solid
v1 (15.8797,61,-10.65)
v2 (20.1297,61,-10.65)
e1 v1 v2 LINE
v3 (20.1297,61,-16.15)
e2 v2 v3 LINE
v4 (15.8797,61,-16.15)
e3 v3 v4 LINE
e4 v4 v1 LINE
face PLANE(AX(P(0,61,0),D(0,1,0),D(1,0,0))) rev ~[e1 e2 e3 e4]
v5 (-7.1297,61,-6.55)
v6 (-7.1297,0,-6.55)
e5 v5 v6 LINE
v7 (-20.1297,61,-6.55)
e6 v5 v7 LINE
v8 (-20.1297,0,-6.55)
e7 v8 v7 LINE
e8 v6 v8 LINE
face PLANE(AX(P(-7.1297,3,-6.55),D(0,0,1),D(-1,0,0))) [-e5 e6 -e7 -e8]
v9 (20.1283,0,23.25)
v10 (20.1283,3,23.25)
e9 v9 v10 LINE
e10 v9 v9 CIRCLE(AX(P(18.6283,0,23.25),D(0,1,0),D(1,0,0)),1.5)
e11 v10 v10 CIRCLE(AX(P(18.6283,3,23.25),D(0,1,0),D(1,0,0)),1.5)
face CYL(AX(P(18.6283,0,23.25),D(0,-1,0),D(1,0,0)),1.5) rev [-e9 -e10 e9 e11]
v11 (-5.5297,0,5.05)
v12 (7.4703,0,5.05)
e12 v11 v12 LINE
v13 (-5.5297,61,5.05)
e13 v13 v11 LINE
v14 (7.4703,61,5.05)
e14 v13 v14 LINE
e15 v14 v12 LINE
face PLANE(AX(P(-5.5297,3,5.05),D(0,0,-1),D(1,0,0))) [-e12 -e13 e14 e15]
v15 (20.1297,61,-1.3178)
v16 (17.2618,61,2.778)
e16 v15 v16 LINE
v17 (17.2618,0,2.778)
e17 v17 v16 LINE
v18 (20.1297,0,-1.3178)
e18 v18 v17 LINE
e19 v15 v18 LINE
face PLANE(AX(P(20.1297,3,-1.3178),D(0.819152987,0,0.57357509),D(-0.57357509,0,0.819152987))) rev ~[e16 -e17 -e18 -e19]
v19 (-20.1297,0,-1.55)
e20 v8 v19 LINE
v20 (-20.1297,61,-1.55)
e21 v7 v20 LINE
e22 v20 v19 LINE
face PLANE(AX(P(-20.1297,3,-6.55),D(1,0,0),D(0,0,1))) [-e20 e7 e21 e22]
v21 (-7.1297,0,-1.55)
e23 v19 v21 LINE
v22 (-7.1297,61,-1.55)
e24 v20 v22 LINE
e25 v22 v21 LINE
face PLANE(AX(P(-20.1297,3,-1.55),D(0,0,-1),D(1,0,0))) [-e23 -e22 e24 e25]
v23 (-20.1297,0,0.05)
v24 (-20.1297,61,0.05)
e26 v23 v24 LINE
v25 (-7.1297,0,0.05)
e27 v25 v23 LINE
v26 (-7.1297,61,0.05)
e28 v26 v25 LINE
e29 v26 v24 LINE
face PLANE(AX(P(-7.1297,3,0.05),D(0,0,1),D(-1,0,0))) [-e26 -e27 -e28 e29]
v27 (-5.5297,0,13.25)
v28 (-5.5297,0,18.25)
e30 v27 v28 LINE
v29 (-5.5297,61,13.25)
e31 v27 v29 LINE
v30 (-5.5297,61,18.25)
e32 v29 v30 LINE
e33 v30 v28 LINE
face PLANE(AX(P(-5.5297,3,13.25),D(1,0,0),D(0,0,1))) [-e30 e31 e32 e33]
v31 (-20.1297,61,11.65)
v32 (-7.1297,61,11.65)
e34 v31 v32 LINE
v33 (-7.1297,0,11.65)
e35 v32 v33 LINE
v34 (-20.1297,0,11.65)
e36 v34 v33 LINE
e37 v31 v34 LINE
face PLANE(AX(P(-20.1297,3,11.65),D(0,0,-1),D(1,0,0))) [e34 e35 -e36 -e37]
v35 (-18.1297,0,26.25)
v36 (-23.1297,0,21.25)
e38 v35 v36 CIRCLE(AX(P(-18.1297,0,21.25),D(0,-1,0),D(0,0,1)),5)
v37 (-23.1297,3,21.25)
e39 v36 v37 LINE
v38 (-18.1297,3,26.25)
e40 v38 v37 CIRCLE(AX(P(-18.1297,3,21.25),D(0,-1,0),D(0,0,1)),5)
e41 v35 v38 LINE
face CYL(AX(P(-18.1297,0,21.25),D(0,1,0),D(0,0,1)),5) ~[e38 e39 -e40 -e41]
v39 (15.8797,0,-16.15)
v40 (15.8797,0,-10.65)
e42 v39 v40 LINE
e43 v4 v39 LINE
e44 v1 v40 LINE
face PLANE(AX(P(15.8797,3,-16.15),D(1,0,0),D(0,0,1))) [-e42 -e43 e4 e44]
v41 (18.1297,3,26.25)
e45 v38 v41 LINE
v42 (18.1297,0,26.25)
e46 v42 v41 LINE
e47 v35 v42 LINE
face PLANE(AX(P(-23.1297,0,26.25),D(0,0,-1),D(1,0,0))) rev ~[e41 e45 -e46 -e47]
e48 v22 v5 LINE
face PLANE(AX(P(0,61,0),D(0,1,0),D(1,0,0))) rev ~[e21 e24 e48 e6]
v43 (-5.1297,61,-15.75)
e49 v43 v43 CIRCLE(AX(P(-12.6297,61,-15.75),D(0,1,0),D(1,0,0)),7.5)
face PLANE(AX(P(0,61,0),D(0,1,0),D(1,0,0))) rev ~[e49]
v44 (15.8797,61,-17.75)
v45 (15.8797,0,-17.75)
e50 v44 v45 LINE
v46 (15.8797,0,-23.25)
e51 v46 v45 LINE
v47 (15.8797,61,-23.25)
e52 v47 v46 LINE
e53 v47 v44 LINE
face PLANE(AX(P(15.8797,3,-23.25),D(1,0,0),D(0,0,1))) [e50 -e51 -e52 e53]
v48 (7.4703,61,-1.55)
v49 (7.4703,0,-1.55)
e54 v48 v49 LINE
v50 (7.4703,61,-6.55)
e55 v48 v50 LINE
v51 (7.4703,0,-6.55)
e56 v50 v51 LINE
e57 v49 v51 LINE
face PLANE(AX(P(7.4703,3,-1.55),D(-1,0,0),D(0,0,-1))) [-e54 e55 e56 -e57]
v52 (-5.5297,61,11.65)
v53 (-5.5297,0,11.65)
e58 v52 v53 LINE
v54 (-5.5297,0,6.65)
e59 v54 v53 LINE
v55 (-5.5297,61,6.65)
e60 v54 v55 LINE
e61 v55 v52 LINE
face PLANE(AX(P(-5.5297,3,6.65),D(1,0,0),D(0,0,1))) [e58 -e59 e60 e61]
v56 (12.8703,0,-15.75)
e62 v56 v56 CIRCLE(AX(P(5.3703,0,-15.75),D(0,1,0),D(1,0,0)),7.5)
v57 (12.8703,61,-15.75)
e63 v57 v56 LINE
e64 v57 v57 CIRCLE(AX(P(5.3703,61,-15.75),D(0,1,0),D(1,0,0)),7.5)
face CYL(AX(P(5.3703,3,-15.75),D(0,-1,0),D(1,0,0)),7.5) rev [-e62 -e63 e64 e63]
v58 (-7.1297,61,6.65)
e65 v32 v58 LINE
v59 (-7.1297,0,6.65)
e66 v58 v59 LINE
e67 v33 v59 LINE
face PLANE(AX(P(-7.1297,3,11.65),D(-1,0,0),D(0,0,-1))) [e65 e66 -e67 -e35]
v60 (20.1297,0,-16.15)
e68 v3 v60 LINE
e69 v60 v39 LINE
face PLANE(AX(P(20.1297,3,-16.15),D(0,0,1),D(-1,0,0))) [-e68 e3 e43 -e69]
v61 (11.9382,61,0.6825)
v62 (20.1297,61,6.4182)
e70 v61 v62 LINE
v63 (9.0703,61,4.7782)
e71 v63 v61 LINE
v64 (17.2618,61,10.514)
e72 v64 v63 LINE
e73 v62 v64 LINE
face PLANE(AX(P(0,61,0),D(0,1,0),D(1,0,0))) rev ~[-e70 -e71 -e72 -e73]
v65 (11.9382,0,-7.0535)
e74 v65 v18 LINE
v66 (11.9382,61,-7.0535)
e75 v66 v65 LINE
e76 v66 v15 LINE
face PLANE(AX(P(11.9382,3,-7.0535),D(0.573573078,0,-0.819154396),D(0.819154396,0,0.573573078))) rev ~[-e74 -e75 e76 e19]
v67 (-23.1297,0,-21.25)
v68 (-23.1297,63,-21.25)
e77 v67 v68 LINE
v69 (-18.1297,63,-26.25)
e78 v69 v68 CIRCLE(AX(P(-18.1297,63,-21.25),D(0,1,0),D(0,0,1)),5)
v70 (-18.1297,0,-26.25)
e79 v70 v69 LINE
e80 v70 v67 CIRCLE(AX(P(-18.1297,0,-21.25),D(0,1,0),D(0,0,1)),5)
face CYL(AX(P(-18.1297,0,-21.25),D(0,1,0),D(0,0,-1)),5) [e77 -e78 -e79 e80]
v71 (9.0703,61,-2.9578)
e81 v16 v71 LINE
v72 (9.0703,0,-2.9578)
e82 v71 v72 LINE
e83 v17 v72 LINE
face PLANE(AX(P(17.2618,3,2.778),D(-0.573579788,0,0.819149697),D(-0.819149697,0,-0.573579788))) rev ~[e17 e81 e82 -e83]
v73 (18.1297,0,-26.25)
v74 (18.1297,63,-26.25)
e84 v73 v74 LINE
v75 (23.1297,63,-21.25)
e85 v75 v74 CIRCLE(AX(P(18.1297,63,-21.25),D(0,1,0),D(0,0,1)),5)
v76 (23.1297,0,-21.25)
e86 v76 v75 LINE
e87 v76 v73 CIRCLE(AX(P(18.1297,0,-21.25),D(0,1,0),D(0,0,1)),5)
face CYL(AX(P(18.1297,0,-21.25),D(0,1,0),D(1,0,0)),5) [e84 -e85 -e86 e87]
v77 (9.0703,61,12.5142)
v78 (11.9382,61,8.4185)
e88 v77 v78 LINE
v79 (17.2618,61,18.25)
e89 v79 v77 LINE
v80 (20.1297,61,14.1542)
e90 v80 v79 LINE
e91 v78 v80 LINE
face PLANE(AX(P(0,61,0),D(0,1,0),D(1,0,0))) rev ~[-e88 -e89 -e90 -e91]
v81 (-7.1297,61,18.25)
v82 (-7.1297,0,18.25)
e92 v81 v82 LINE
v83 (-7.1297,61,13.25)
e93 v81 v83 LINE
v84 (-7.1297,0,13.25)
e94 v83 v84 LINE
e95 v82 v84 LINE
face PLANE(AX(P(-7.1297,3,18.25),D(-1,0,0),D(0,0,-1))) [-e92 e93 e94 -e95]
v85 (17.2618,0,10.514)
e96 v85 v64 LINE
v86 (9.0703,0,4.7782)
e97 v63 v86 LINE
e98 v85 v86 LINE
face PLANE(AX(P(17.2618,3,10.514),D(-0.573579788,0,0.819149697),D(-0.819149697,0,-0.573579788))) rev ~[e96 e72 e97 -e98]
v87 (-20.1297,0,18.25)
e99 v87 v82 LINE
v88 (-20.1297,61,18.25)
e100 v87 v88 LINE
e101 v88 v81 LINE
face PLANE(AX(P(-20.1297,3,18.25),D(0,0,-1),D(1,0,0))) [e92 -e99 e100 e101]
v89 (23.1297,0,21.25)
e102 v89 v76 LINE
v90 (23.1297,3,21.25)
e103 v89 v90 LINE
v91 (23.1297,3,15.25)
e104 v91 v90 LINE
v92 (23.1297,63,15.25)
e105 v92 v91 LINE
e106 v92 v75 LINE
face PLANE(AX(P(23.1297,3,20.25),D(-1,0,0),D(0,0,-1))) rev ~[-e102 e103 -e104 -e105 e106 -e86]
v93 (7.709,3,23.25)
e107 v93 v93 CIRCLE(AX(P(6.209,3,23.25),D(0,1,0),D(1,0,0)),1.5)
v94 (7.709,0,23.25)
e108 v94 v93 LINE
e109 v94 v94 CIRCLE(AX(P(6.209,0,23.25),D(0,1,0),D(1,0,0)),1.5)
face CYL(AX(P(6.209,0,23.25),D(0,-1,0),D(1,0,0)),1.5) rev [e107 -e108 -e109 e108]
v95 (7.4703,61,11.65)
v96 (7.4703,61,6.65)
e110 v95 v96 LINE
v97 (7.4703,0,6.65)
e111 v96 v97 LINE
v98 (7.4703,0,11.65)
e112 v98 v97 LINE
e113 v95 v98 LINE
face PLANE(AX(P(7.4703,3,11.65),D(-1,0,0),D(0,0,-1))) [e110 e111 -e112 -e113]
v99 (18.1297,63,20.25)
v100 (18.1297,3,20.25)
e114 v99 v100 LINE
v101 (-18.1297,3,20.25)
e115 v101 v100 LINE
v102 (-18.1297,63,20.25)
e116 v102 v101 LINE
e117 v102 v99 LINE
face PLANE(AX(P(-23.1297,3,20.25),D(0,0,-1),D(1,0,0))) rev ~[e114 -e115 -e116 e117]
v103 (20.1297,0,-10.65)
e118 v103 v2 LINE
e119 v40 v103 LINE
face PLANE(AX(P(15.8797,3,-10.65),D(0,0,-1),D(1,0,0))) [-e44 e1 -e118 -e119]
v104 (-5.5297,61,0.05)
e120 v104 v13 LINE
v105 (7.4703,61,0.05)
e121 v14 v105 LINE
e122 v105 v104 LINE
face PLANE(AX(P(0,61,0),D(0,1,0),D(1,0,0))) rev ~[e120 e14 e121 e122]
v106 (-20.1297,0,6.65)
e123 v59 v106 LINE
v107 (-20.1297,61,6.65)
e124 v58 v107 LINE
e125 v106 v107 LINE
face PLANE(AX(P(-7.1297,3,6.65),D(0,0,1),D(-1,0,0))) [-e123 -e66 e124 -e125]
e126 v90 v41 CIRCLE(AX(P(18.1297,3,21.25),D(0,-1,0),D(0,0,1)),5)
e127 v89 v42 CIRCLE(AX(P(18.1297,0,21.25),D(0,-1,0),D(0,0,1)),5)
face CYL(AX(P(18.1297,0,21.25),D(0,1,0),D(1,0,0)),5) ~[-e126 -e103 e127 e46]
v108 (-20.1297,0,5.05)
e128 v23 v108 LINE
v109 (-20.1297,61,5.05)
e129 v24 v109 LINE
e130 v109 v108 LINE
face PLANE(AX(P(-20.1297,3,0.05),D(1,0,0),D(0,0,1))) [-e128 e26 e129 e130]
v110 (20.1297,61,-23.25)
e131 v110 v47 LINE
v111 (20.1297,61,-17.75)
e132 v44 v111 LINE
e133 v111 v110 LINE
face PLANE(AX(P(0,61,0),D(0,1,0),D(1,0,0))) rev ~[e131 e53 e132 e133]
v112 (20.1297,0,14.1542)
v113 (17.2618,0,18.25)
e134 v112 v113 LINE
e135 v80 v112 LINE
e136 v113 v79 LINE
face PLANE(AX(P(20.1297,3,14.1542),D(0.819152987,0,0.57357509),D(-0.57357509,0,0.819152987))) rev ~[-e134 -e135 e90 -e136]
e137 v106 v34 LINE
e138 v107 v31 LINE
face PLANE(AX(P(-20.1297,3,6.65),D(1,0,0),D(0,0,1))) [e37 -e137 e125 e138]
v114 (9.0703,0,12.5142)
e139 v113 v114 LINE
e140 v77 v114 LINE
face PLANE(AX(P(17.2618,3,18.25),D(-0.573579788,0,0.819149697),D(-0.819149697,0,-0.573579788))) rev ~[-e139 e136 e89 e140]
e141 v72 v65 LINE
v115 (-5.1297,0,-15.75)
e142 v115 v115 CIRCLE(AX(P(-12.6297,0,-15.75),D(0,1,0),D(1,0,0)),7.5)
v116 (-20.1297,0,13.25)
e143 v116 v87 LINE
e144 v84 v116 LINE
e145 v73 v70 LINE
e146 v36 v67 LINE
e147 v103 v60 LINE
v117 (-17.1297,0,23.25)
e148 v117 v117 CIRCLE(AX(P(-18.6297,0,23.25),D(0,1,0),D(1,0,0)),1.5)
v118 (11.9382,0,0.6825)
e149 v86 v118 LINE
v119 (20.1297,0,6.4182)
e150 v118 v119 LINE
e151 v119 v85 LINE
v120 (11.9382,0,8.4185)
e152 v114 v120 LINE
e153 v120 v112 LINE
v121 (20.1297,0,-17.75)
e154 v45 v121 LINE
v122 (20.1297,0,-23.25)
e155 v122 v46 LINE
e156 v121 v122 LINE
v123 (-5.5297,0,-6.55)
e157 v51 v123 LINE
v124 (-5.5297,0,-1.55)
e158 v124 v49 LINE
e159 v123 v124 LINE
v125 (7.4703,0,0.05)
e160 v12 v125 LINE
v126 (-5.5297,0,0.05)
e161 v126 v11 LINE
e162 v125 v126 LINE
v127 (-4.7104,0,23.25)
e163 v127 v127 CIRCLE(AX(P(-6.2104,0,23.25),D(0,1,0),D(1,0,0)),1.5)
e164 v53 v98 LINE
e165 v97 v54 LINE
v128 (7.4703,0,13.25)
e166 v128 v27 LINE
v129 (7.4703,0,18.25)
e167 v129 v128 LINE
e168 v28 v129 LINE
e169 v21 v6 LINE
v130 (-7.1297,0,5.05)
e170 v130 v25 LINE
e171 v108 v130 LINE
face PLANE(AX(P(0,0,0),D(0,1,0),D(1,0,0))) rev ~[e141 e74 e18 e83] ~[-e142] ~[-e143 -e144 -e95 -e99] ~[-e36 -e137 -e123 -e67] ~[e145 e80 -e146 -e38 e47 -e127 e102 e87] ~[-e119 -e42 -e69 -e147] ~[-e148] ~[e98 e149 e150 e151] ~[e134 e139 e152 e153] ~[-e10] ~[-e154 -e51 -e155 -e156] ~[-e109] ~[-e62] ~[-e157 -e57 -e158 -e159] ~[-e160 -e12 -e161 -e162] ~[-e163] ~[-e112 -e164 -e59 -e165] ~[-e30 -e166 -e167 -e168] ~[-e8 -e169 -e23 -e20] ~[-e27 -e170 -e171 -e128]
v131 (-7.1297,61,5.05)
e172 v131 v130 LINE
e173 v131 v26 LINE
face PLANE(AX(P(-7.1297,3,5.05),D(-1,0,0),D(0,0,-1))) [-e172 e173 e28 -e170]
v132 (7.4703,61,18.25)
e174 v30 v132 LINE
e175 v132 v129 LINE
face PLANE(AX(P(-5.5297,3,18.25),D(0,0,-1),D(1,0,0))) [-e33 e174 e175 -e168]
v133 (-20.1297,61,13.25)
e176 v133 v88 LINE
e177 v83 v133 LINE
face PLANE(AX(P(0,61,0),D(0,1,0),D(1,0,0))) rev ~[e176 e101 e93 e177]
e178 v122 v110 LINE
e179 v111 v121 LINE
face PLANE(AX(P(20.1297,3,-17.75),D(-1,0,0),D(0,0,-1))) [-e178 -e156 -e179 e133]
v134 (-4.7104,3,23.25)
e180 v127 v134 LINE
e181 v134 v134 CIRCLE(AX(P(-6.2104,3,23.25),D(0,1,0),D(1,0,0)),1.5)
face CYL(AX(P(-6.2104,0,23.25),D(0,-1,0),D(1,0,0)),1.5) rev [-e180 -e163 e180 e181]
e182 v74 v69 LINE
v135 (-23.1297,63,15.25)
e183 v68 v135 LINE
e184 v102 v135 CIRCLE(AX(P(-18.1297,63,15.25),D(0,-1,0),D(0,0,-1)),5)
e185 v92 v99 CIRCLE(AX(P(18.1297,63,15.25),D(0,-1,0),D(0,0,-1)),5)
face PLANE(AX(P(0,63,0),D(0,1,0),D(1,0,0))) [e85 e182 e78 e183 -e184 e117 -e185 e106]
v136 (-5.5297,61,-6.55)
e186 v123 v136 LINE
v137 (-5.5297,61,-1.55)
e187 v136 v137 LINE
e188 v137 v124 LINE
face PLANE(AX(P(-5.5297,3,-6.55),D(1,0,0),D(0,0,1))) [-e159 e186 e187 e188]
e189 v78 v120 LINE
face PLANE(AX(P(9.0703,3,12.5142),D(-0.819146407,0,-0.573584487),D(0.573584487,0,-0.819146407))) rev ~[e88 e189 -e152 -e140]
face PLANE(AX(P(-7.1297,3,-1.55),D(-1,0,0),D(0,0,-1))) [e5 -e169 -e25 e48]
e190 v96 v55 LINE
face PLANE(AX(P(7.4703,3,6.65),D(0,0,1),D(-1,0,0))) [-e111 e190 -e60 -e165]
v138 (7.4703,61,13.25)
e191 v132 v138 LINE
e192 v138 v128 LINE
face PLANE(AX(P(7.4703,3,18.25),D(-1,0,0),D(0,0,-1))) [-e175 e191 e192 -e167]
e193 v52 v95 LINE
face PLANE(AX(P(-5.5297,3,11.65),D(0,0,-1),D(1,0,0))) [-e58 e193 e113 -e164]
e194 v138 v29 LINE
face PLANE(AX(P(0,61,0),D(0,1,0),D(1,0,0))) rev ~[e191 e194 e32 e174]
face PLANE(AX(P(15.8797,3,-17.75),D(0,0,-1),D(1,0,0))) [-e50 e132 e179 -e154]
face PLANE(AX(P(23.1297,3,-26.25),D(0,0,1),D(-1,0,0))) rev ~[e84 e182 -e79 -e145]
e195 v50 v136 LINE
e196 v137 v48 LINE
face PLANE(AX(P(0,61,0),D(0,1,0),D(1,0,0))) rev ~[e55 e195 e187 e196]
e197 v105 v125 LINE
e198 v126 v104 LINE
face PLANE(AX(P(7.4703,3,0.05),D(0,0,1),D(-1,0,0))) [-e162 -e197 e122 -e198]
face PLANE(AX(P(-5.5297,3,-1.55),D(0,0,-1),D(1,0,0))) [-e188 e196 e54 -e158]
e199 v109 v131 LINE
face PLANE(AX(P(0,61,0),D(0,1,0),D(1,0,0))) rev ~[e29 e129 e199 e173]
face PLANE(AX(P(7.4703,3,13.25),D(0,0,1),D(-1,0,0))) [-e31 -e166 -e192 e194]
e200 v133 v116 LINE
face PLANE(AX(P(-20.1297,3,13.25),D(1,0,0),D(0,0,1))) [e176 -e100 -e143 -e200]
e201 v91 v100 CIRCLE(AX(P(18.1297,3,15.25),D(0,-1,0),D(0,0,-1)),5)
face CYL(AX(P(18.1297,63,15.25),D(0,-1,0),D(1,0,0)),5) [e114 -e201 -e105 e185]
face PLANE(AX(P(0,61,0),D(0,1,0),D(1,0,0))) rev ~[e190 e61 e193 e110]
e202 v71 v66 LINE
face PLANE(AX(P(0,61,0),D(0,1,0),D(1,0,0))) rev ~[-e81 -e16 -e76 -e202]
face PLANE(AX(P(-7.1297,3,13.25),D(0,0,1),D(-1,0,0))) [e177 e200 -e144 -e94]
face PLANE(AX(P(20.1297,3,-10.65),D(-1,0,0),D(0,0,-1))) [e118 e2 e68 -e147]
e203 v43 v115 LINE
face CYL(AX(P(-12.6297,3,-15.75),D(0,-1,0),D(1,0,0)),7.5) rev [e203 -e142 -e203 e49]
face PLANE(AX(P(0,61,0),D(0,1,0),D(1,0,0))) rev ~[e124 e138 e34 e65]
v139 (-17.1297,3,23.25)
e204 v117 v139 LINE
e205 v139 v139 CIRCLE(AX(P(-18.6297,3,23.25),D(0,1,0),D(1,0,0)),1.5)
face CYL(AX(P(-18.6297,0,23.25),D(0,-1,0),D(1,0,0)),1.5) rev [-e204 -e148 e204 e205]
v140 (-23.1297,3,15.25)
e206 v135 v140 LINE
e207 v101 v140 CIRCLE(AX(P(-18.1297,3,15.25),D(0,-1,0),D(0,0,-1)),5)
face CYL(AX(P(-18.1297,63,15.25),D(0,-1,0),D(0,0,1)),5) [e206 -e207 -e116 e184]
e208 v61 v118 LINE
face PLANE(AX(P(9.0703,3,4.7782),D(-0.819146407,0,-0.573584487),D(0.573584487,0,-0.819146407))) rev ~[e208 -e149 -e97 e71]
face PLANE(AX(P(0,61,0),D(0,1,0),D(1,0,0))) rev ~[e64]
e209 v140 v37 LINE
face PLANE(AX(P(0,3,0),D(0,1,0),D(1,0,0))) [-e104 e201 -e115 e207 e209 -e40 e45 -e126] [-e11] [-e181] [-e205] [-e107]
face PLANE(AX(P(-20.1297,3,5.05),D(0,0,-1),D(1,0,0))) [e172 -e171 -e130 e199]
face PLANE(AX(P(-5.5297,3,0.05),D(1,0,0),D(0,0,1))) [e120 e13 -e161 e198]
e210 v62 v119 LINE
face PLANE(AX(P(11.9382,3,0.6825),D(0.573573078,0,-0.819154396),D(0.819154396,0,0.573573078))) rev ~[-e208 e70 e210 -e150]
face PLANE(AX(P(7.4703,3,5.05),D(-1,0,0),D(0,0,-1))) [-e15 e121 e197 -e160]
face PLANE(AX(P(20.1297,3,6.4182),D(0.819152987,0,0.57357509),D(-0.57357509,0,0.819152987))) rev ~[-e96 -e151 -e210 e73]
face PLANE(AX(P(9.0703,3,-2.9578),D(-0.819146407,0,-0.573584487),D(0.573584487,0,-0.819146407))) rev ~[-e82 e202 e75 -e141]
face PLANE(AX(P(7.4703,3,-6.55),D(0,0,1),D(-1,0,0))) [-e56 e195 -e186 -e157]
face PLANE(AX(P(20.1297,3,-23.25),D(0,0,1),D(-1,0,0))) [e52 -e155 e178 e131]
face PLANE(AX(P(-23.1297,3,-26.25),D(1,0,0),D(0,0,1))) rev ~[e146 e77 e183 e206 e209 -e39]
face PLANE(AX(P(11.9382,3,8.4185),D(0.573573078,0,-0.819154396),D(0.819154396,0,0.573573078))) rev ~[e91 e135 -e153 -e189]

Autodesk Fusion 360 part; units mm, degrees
sketch "Sketch1" plane through (0, 0, 0) normal (0, 1, 0) x (1, 0, 0)
  line L0 (23.1297, 26.25) -> (-23.1297, 26.25)
  line L1 (-23.1297, 26.25) -> (-23.1297, -26.25)
  line L2 (-23.1297, -26.25) -> (23.1297, -26.25)
  line L3 (23.1297, -26.25) -> (23.1297, 26.25)
  line L4 (23.1297, 26.25) -> (-23.1297, -26.25) construction
  line L5 (-23.1297, 26.25) -> (23.1297, -26.25) construction
  line L6 (-20.1297, -18.25) -> (-7.1297, -18.25)
  line L7 (-7.1297, -18.25) -> (-7.1297, -13.25)
  line L8 (-7.1297, -13.25) -> (-20.1297, -13.25)
  line L9 (-20.1297, -13.25) -> (-20.1297, -18.25)
  circle A0 centre (-12.6297, 15.75) radius 7.5
  line L10 (-5.5297, -13.25) -> (-5.5297, -18.25)
  line L11 (7.4703, -13.25) -> (-5.5297, -13.25)
  line L12 (7.4703, -18.25) -> (7.4703, -13.25)
  line L13 (-5.5297, -18.25) -> (7.4703, -18.25)
  line L14 (-20.1297, -6.65) -> (-20.1297, -11.65)
  line L15 (-7.1297, -6.65) -> (-20.1297, -6.65)
  line L16 (-7.1297, -11.65) -> (-7.1297, -6.65)
  line L17 (-20.1297, -11.65) -> (-7.1297, -11.65)
  line L18 (-5.5297, -6.65) -> (-5.5297, -11.65)
  line L19 (7.4703, -6.65) -> (-5.5297, -6.65)
  line L20 (7.4703, -11.65) -> (7.4703, -6.65)
  line L21 (-5.5297, -11.65) -> (7.4703, -11.65)
  line L22 (-20.1297, -0.05) -> (-20.1297, -5.05)
  line L23 (-7.1297, -0.05) -> (-20.1297, -0.05)
  line L24 (-7.1297, -5.05) -> (-7.1297, -0.05)
  line L25 (-20.1297, -5.05) -> (-7.1297, -5.05)
  line L26 (-5.5297, -0.05) -> (-5.5297, -5.05)
  line L27 (7.4703, -0.05) -> (-5.5297, -0.05)
  line L28 (7.4703, -5.05) -> (7.4703, -0.05)
  line L29 (-5.5297, -5.05) -> (7.4703, -5.05)
  line L30 (-20.1297, 6.55) -> (-20.1297, 1.55)
  line L31 (-7.1297, 6.55) -> (-20.1297, 6.55)
  line L32 (-7.1297, 1.55) -> (-7.1297, 6.55)
  line L33 (-20.1297, 1.55) -> (-7.1297, 1.55)
  line L34 (-5.5297, 6.55) -> (-5.5297, 1.55)
  line L35 (7.4703, 6.55) -> (-5.5297, 6.55)
  line L36 (7.4703, 1.55) -> (7.4703, 6.55)
  line L37 (-5.5297, 1.55) -> (7.4703, 1.55)
  line L38 (7.4703, -18.25) -> (23.1297, -18.25) construction
  line L39 (17.2618, -18.25) -> (9.0703, -12.5142)
  line L40 (9.0703, -12.5142) -> (11.9382, -8.4185)
  line L41 (11.9382, -8.4185) -> (20.1297, -14.1542)
  line L42 (20.1297, -14.1542) -> (17.2618, -18.25)
  line L43 (17.2618, -10.514) -> (9.0703, -4.7782)
  line L44 (9.0703, -4.7782) -> (11.9382, -0.6825)
  line L45 (11.9382, -0.6825) -> (20.1297, -6.4182)
  line L46 (20.1297, -6.4182) -> (17.2618, -10.514)
  line L47 (17.2618, -2.778) -> (9.0703, 2.9578)
  line L48 (9.0703, 2.9578) -> (11.9382, 7.0535)
  line L49 (11.9382, 7.0535) -> (20.1297, 1.3178)
  line L50 (20.1297, 1.3178) -> (17.2618, -2.778)
  circle A1 centre (5.3703, 15.75) radius 7.5
  line L51 (20.1297, 23.25) -> (15.8797, 23.25)
  line L52 (15.8797, 23.25) -> (15.8797, 17.75)
  line L53 (15.8797, 17.75) -> (20.1297, 17.75)
  line L54 (20.1297, 17.75) -> (20.1297, 23.25)
  line L55 (20.1297, 23.25) -> (15.8797, 17.75) construction
  line L56 (15.8797, 23.25) -> (20.1297, 17.75) construction
  line L57 (20.1297, 10.65) -> (20.1297, 16.15)
  line L58 (15.8797, 16.15) -> (15.8797, 10.65)
  line L59 (15.8797, 10.65) -> (20.1297, 10.65)
  line L60 (20.1297, 16.15) -> (15.8797, 16.15)
  circle A2 centre (-18.6297, -23.25) radius 1.5
  line L61 (-23.1297, -20.25) -> (23.1297, -20.25)
  circle A3 centre (-6.2104, -23.25) radius 1.5
  circle A4 centre (6.209, -23.25) radius 1.5
  circle A5 centre (18.6283, -23.25) radius 1.5
  point P0 (18.0047, 20.5)
  dimension "d1" = 13
  dimension "d2" = 5
  dimension "d4" = 3
  dimension "d5" = 15
  dimension "d6" = 10.5
  dimension "d7" = 10.5
  dimension "d8" = 52.5
  dimension "d11" = 14.6
  dimension "d12" = 6.6
  dimension "d16" = 35
  dimension "d17" = 1.6
  dimension "d18" = 10
  dimension "d19" = 5
  dimension "d21" = 3
  dimension "d24" = 0
  dimension "d25" = 7.736
  dimension "d28" = 18
  dimension "d29" = 0
  dimension "d36" = 4.25
  dimension "d37" = 5.5
  dimension "d38" = 3
  dimension "d39" = 3
  dimension "d42" = 0
  dimension "d43" = -7.1
  dimension "d44" = 3
  dimension "d46" = 4.5
  dimension "d47" = 3
  dimension "d48" = 6
  dimension "d49" = 2
  dimension "d52" = 37.258
  dimension "d53" = 0
extrude "Extrude3" add sketch "Sketch1" along normal blind 3
extrude "Extrude4" add sketch "Sketch1" along normal blind 58 from surface at 3 contours L0 L1 L3 L61
extrude "Extrude5" add sketch "Sketch1" along normal blind 2 from surface at 61 contours L0 L1 L3 L61 | L6 L7 L8 L9 | A0 | L10 L11 L12 L13 | L14 L15 L16 L17 | L18 L19 L20 L21 | L22 L23 L24 L25 | L26 L27 L28 L29 | L30 L31 L32 L33 | L34 L35 L36 L37 | L39 L40 L41 L42 | L43 L44 L45 L46 | L47 L48 L49 L50 | A1 | L51 L52 L53 L54 | L57 L58 L59 L60
fillet "Fillet2" radius 5 6 edges at (23.1297, 1.5, 26.25) (23.1297, 33, 20.25) (-23.1297, 1.5, 26.25) (-23.1297, 33, 20.25) (23.1297, 31.5, -26.25) (-23.1297, 31.5, -26.25)
equation "d6 = 7.5 mm + 3 mm"
equation "d25 = 5.736 mm + 2 mm"
equation "d43 = -5.5 mm - 1.6 mm"
